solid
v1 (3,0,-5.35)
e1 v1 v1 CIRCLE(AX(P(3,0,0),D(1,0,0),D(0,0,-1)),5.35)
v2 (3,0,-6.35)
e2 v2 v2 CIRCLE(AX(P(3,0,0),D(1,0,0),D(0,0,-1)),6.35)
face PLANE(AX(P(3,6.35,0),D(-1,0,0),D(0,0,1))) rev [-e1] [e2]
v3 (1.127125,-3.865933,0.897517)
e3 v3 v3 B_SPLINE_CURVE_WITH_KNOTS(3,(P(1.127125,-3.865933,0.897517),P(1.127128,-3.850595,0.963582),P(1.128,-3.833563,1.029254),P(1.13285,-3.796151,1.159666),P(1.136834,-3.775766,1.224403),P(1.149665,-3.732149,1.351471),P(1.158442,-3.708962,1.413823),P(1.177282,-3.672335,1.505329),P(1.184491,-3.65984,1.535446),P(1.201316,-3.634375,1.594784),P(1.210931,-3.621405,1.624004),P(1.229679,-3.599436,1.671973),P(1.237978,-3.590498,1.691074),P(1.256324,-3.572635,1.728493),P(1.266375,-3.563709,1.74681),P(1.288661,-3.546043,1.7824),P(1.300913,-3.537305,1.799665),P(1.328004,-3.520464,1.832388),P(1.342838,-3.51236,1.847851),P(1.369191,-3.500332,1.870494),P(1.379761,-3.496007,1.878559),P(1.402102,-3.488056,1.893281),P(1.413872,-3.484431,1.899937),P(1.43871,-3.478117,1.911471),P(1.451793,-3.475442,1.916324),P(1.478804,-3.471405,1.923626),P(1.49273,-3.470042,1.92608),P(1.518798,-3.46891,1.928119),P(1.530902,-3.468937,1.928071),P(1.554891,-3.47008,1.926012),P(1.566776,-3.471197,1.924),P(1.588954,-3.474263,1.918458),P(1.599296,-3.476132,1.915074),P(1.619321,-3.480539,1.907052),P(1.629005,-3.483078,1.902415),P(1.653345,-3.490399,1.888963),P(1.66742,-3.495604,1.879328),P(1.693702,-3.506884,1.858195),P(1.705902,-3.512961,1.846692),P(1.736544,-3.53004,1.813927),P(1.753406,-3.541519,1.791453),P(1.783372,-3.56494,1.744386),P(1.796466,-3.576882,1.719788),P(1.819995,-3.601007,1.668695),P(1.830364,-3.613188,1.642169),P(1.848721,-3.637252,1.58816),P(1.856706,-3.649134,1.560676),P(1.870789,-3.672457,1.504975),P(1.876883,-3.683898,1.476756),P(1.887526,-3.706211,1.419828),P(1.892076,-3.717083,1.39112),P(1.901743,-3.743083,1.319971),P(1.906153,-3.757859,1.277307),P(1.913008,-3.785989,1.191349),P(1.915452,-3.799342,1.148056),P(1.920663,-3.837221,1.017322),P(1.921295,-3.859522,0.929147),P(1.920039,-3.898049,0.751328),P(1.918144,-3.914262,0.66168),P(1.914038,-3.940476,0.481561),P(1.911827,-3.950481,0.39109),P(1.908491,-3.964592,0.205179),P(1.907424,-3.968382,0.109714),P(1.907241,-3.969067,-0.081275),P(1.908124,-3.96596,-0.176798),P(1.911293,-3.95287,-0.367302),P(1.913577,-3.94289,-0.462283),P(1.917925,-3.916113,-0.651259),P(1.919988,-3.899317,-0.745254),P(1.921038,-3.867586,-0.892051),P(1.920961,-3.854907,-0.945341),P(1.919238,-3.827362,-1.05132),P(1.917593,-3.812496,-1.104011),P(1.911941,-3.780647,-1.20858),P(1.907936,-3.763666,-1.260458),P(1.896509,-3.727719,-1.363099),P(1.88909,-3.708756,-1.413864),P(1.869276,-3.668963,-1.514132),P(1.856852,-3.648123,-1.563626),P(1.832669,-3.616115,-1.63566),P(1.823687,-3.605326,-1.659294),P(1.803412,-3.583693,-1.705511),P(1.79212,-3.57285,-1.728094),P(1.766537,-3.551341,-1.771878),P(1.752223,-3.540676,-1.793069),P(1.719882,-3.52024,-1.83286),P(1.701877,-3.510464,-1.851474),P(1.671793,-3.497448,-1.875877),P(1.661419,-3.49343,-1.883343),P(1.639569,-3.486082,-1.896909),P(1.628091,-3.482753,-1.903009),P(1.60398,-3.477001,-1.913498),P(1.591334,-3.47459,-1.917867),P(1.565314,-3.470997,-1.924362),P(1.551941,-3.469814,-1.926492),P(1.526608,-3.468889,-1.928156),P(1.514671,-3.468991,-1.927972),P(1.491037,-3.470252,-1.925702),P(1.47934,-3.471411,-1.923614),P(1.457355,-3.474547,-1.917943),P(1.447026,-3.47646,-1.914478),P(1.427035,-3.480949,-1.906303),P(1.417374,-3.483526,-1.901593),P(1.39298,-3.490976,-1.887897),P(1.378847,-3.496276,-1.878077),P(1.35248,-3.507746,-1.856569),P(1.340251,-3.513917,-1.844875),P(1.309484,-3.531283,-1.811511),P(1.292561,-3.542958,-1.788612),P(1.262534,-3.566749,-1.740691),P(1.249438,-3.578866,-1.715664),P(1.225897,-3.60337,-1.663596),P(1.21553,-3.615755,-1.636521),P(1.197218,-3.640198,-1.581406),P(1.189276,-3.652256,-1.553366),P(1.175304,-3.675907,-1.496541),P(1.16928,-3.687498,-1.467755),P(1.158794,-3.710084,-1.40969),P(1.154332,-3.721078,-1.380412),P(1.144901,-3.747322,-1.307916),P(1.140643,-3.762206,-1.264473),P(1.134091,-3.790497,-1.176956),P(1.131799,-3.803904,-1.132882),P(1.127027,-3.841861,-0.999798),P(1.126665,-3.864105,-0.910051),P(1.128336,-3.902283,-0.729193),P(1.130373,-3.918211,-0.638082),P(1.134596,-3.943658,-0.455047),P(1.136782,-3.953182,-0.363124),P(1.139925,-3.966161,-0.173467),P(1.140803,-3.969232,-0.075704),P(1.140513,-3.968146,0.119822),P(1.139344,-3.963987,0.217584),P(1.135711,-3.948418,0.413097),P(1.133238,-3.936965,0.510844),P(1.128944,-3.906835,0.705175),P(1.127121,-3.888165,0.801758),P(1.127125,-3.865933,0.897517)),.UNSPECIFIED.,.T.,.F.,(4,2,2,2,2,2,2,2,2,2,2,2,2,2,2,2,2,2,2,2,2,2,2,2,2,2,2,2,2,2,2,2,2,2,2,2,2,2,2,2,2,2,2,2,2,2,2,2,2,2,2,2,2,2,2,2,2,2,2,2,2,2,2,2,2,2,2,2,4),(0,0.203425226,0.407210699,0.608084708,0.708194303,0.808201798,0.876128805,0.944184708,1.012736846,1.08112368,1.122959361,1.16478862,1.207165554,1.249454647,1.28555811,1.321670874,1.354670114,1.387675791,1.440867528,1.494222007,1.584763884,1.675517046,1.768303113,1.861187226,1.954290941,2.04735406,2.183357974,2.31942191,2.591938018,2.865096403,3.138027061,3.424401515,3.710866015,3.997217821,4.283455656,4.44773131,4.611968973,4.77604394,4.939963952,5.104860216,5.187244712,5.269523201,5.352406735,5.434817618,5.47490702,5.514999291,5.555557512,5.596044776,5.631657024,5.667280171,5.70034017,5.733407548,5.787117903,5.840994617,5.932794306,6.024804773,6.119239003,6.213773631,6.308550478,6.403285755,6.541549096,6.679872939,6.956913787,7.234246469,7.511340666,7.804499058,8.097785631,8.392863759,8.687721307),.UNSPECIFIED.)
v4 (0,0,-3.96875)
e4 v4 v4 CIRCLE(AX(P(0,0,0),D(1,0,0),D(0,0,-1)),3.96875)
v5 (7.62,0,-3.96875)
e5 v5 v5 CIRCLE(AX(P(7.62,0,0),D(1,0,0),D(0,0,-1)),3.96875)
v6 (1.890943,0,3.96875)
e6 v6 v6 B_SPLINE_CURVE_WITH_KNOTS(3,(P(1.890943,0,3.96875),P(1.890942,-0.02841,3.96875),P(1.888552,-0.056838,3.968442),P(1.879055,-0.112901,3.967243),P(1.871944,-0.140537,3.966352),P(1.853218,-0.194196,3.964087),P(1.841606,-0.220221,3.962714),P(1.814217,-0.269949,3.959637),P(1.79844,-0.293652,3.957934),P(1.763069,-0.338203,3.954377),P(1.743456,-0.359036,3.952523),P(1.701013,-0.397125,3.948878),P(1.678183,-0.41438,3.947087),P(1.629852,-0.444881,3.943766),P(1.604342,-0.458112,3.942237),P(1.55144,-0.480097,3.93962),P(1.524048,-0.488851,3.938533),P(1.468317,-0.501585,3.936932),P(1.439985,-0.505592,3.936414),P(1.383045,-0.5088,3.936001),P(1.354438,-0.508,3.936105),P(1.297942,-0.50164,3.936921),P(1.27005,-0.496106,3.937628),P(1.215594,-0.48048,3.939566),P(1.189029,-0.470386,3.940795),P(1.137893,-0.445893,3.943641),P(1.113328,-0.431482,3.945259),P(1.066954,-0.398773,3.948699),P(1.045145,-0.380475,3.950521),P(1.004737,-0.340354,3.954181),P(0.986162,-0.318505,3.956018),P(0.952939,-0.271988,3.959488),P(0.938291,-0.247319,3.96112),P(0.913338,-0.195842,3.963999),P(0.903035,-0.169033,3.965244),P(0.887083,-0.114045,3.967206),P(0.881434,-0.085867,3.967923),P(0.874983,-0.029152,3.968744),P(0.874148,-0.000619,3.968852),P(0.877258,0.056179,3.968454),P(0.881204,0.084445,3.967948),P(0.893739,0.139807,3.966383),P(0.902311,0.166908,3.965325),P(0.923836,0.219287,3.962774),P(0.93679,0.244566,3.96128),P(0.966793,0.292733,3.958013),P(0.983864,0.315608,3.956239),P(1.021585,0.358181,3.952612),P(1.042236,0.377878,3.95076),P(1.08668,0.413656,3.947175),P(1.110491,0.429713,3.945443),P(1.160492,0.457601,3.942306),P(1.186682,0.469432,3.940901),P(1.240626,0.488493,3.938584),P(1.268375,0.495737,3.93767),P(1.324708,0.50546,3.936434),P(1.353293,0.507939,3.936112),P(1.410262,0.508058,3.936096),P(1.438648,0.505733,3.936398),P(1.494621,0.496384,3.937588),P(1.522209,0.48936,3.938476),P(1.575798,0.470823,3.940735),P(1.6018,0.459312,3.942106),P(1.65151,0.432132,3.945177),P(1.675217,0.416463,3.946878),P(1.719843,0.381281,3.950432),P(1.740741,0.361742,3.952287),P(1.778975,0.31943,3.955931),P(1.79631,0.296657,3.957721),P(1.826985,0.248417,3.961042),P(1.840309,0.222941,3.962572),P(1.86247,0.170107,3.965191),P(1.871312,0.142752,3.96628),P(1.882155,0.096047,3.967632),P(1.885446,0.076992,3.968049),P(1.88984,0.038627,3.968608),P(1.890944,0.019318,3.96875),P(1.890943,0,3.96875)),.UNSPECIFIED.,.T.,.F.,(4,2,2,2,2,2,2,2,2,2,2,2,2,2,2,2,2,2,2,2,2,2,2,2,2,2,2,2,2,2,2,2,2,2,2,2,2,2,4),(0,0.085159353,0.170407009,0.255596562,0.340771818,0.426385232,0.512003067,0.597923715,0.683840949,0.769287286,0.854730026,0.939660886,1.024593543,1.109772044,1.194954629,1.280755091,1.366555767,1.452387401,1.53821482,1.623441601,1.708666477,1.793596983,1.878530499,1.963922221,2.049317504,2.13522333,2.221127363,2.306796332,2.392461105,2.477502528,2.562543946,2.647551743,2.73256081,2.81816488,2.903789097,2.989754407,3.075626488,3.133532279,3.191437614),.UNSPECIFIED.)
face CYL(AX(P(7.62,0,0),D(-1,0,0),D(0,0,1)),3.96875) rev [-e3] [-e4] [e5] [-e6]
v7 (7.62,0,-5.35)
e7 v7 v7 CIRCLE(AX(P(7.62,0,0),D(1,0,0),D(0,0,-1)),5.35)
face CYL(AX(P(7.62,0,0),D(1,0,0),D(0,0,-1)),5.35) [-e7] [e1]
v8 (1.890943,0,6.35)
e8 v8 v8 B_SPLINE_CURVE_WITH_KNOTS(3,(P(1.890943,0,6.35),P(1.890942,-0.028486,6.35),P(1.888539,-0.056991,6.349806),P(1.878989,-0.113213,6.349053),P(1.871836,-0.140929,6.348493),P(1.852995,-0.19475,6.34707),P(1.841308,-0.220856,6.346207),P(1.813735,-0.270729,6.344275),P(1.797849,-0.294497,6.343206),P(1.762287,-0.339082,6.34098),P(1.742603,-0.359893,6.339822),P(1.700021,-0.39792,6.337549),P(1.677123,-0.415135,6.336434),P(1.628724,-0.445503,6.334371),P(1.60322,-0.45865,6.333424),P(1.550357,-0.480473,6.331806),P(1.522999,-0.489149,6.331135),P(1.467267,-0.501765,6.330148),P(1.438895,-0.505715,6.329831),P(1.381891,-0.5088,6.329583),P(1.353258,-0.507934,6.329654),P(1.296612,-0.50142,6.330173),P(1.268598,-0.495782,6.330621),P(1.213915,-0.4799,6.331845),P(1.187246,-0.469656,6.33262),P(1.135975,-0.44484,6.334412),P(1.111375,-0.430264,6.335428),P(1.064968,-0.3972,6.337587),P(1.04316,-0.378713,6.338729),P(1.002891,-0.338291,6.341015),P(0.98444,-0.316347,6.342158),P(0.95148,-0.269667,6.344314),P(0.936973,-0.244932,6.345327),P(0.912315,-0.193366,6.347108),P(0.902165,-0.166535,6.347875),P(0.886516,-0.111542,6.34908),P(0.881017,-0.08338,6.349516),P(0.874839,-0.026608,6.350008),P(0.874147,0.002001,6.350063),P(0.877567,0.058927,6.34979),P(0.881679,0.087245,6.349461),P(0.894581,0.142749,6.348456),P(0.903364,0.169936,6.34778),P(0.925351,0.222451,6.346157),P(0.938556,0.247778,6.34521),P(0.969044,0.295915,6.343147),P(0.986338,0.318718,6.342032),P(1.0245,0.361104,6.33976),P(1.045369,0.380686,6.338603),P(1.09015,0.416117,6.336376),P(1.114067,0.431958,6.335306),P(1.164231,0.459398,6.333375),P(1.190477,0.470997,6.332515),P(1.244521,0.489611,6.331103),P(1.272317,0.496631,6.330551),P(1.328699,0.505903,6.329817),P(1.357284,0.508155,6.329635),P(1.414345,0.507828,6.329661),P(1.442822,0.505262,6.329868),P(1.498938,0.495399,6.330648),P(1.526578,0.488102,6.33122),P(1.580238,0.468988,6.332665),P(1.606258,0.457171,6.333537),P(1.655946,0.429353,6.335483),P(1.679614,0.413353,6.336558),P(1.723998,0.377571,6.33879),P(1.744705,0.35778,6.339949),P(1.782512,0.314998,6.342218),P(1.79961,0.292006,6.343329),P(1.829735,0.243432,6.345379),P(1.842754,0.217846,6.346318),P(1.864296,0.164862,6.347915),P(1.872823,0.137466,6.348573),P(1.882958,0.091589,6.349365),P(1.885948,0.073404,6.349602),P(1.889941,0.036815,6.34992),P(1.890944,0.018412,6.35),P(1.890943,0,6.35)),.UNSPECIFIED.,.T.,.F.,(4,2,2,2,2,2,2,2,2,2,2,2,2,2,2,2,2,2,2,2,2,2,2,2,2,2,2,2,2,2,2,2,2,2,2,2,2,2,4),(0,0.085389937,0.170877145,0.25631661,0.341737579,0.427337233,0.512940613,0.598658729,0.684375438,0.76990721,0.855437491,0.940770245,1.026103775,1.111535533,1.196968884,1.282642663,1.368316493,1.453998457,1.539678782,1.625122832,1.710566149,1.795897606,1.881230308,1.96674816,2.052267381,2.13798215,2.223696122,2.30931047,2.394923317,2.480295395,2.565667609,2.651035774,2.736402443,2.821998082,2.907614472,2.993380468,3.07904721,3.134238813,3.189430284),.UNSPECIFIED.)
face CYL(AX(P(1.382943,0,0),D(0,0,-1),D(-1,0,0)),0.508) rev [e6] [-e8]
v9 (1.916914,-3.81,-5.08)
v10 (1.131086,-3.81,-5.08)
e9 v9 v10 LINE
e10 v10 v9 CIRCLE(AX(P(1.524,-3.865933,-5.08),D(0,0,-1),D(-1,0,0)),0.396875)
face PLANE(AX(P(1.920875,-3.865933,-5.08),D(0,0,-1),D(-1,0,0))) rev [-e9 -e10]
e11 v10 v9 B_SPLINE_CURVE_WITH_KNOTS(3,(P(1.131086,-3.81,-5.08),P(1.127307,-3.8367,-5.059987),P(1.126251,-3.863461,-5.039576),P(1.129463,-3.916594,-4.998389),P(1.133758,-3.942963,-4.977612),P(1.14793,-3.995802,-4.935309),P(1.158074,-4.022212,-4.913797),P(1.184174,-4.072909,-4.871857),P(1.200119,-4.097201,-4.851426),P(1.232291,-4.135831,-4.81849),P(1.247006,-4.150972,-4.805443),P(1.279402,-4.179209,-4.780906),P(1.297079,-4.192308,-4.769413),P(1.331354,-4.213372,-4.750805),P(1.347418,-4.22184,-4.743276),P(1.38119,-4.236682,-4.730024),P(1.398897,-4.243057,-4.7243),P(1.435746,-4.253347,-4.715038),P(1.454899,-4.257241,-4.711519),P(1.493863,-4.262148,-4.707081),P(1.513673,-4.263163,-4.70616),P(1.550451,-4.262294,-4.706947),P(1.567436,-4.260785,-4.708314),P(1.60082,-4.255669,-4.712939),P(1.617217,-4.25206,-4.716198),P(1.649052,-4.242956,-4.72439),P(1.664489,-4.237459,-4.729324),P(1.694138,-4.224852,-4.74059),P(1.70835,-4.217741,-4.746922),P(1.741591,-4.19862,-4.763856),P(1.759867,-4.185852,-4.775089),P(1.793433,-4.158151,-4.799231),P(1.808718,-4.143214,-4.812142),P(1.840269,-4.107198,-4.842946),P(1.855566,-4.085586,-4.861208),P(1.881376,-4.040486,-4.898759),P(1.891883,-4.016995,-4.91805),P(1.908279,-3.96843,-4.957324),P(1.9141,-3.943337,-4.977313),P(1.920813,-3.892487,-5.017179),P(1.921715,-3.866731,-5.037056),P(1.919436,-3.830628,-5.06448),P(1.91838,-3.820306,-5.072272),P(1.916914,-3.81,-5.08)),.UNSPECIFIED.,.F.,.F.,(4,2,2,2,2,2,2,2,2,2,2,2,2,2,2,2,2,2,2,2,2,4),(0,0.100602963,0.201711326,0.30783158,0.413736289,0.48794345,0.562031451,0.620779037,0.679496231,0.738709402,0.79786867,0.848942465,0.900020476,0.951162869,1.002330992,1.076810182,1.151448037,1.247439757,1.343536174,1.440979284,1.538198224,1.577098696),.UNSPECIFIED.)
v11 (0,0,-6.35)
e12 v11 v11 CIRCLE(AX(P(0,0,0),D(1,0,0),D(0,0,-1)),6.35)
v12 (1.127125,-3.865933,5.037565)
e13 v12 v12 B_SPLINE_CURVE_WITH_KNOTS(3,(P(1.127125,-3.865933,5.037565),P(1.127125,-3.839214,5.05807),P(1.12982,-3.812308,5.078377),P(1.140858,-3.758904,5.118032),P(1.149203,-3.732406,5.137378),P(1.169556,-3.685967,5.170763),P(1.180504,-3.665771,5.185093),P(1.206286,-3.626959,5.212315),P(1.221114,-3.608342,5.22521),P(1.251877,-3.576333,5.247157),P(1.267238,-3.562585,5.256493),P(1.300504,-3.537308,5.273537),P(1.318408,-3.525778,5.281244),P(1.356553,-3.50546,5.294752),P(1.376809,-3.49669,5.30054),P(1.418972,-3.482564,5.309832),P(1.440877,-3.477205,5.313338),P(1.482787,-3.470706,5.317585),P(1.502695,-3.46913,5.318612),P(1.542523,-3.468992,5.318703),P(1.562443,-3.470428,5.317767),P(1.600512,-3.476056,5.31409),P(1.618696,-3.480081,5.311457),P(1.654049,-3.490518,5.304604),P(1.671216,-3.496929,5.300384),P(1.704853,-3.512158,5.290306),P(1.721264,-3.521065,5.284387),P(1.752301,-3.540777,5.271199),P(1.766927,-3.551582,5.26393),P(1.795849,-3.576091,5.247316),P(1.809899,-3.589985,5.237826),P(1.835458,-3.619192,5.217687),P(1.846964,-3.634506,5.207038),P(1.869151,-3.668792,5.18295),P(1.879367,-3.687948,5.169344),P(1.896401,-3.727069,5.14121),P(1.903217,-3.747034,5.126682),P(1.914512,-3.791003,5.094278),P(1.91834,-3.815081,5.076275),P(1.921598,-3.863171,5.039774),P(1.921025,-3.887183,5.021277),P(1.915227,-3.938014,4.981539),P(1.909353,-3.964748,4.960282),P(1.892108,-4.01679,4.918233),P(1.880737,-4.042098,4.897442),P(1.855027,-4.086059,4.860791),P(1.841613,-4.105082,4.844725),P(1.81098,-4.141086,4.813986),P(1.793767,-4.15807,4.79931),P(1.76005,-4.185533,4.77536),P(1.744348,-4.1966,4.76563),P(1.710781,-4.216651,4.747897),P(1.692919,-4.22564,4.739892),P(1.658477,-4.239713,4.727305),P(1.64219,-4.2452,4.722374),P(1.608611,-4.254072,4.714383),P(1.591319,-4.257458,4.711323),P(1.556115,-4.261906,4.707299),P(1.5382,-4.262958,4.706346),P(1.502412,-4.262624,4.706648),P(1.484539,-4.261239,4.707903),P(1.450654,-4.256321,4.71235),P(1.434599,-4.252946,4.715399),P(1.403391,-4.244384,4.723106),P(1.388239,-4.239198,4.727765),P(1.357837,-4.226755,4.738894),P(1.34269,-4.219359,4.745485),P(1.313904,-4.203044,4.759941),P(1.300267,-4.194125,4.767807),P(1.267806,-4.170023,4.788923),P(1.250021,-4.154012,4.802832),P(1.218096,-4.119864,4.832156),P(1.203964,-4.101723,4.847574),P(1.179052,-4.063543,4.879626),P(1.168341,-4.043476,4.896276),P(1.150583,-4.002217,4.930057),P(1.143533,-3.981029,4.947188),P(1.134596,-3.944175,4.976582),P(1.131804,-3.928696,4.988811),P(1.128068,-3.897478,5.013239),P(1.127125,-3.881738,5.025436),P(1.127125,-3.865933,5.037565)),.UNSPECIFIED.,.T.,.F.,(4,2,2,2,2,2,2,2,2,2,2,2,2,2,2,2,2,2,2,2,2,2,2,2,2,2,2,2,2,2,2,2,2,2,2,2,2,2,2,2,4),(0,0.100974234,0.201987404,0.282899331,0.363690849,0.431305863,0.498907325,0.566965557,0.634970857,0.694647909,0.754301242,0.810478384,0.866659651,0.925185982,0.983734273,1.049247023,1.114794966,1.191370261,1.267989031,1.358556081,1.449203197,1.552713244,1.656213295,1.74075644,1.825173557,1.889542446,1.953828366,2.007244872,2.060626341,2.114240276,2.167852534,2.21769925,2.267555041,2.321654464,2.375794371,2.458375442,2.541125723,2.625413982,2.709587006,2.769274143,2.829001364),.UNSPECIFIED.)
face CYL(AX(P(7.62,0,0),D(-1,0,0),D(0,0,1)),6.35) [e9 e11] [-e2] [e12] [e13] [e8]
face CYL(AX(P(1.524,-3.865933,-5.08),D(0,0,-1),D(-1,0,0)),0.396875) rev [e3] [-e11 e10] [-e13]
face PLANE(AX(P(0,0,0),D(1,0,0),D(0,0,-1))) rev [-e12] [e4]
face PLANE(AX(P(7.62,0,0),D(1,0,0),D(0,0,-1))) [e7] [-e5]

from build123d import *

# Parameters (mm, degrees)
SKETCH1_R           = 6.35
SKETCH1_R_2         = 3.96875
BOSS_EXTRUDE1_DEPTH = 7.62
SKETCH2_W           = 4.62
SKETCH2_H           = 1


with BuildPart() as part:
    # Sketch1 → Boss-Extrude1 (new body)
    with BuildSketch(Plane(origin=(0, 0, 0), x_dir=(0, 0, -1), z_dir=(1, 0, 0))):
        with Locations(Location((0, 0, 0), (0, 0, 180))):
            Circle(SKETCH1_R)
        with Locations(Location((0, 0, 0), (0, 0, 180))):
            Circle(SKETCH1_R_2, mode=Mode.SUBTRACT)
    extrude(amount=BOSS_EXTRUDE1_DEPTH)

    # Sketch2 → Cut-Revolve1 (revolve, cut)
    with BuildSketch(Plane.XY, mode=Mode.PRIVATE) as cut_revolve1_sk:
        with Locations((5.31, 5.85)):
            Rectangle(SKETCH2_W, SKETCH2_H)
    revolve(cut_revolve1_sk.sketch.rotate(Axis((7.62, 0, 0), (-1, 0, 0)), 270), axis=Axis((7.62, 0, 0), (-1, 0, 0)), mode=Mode.SUBTRACT)

    # Sketch3 → #60 (0.04) Diameter Hole1 (revolve, cut)
    with BuildSketch(Plane.YZ.offset(1.382942836)):
        Polygon((0, 0), (0, 25.705237194), (0.508, 25.4), (0.508, 0), align=None)
    revolve(axis=Axis((1.382942836, 0, -6.35), (0, 0, 1)), mode=Mode.SUBTRACT)

    # Sketch5 → 1/32 (0.03125) Diameter Hole1 (revolve, cut)
    with BuildSketch(Plane(origin=(1.524, -3.865933193, -5.08), x_dir=(0, 1, 0), z_dir=(1, 0, 0))):
        Polygon((0, 0), (0, 70.342466558), (0.396875, 70.104), (0.396875, 0), align=None)
    revolve(axis=Axis((1.524, -3.865933193, -11.43), (0, 0, 1)), mode=Mode.SUBTRACT)


solid = part.part
